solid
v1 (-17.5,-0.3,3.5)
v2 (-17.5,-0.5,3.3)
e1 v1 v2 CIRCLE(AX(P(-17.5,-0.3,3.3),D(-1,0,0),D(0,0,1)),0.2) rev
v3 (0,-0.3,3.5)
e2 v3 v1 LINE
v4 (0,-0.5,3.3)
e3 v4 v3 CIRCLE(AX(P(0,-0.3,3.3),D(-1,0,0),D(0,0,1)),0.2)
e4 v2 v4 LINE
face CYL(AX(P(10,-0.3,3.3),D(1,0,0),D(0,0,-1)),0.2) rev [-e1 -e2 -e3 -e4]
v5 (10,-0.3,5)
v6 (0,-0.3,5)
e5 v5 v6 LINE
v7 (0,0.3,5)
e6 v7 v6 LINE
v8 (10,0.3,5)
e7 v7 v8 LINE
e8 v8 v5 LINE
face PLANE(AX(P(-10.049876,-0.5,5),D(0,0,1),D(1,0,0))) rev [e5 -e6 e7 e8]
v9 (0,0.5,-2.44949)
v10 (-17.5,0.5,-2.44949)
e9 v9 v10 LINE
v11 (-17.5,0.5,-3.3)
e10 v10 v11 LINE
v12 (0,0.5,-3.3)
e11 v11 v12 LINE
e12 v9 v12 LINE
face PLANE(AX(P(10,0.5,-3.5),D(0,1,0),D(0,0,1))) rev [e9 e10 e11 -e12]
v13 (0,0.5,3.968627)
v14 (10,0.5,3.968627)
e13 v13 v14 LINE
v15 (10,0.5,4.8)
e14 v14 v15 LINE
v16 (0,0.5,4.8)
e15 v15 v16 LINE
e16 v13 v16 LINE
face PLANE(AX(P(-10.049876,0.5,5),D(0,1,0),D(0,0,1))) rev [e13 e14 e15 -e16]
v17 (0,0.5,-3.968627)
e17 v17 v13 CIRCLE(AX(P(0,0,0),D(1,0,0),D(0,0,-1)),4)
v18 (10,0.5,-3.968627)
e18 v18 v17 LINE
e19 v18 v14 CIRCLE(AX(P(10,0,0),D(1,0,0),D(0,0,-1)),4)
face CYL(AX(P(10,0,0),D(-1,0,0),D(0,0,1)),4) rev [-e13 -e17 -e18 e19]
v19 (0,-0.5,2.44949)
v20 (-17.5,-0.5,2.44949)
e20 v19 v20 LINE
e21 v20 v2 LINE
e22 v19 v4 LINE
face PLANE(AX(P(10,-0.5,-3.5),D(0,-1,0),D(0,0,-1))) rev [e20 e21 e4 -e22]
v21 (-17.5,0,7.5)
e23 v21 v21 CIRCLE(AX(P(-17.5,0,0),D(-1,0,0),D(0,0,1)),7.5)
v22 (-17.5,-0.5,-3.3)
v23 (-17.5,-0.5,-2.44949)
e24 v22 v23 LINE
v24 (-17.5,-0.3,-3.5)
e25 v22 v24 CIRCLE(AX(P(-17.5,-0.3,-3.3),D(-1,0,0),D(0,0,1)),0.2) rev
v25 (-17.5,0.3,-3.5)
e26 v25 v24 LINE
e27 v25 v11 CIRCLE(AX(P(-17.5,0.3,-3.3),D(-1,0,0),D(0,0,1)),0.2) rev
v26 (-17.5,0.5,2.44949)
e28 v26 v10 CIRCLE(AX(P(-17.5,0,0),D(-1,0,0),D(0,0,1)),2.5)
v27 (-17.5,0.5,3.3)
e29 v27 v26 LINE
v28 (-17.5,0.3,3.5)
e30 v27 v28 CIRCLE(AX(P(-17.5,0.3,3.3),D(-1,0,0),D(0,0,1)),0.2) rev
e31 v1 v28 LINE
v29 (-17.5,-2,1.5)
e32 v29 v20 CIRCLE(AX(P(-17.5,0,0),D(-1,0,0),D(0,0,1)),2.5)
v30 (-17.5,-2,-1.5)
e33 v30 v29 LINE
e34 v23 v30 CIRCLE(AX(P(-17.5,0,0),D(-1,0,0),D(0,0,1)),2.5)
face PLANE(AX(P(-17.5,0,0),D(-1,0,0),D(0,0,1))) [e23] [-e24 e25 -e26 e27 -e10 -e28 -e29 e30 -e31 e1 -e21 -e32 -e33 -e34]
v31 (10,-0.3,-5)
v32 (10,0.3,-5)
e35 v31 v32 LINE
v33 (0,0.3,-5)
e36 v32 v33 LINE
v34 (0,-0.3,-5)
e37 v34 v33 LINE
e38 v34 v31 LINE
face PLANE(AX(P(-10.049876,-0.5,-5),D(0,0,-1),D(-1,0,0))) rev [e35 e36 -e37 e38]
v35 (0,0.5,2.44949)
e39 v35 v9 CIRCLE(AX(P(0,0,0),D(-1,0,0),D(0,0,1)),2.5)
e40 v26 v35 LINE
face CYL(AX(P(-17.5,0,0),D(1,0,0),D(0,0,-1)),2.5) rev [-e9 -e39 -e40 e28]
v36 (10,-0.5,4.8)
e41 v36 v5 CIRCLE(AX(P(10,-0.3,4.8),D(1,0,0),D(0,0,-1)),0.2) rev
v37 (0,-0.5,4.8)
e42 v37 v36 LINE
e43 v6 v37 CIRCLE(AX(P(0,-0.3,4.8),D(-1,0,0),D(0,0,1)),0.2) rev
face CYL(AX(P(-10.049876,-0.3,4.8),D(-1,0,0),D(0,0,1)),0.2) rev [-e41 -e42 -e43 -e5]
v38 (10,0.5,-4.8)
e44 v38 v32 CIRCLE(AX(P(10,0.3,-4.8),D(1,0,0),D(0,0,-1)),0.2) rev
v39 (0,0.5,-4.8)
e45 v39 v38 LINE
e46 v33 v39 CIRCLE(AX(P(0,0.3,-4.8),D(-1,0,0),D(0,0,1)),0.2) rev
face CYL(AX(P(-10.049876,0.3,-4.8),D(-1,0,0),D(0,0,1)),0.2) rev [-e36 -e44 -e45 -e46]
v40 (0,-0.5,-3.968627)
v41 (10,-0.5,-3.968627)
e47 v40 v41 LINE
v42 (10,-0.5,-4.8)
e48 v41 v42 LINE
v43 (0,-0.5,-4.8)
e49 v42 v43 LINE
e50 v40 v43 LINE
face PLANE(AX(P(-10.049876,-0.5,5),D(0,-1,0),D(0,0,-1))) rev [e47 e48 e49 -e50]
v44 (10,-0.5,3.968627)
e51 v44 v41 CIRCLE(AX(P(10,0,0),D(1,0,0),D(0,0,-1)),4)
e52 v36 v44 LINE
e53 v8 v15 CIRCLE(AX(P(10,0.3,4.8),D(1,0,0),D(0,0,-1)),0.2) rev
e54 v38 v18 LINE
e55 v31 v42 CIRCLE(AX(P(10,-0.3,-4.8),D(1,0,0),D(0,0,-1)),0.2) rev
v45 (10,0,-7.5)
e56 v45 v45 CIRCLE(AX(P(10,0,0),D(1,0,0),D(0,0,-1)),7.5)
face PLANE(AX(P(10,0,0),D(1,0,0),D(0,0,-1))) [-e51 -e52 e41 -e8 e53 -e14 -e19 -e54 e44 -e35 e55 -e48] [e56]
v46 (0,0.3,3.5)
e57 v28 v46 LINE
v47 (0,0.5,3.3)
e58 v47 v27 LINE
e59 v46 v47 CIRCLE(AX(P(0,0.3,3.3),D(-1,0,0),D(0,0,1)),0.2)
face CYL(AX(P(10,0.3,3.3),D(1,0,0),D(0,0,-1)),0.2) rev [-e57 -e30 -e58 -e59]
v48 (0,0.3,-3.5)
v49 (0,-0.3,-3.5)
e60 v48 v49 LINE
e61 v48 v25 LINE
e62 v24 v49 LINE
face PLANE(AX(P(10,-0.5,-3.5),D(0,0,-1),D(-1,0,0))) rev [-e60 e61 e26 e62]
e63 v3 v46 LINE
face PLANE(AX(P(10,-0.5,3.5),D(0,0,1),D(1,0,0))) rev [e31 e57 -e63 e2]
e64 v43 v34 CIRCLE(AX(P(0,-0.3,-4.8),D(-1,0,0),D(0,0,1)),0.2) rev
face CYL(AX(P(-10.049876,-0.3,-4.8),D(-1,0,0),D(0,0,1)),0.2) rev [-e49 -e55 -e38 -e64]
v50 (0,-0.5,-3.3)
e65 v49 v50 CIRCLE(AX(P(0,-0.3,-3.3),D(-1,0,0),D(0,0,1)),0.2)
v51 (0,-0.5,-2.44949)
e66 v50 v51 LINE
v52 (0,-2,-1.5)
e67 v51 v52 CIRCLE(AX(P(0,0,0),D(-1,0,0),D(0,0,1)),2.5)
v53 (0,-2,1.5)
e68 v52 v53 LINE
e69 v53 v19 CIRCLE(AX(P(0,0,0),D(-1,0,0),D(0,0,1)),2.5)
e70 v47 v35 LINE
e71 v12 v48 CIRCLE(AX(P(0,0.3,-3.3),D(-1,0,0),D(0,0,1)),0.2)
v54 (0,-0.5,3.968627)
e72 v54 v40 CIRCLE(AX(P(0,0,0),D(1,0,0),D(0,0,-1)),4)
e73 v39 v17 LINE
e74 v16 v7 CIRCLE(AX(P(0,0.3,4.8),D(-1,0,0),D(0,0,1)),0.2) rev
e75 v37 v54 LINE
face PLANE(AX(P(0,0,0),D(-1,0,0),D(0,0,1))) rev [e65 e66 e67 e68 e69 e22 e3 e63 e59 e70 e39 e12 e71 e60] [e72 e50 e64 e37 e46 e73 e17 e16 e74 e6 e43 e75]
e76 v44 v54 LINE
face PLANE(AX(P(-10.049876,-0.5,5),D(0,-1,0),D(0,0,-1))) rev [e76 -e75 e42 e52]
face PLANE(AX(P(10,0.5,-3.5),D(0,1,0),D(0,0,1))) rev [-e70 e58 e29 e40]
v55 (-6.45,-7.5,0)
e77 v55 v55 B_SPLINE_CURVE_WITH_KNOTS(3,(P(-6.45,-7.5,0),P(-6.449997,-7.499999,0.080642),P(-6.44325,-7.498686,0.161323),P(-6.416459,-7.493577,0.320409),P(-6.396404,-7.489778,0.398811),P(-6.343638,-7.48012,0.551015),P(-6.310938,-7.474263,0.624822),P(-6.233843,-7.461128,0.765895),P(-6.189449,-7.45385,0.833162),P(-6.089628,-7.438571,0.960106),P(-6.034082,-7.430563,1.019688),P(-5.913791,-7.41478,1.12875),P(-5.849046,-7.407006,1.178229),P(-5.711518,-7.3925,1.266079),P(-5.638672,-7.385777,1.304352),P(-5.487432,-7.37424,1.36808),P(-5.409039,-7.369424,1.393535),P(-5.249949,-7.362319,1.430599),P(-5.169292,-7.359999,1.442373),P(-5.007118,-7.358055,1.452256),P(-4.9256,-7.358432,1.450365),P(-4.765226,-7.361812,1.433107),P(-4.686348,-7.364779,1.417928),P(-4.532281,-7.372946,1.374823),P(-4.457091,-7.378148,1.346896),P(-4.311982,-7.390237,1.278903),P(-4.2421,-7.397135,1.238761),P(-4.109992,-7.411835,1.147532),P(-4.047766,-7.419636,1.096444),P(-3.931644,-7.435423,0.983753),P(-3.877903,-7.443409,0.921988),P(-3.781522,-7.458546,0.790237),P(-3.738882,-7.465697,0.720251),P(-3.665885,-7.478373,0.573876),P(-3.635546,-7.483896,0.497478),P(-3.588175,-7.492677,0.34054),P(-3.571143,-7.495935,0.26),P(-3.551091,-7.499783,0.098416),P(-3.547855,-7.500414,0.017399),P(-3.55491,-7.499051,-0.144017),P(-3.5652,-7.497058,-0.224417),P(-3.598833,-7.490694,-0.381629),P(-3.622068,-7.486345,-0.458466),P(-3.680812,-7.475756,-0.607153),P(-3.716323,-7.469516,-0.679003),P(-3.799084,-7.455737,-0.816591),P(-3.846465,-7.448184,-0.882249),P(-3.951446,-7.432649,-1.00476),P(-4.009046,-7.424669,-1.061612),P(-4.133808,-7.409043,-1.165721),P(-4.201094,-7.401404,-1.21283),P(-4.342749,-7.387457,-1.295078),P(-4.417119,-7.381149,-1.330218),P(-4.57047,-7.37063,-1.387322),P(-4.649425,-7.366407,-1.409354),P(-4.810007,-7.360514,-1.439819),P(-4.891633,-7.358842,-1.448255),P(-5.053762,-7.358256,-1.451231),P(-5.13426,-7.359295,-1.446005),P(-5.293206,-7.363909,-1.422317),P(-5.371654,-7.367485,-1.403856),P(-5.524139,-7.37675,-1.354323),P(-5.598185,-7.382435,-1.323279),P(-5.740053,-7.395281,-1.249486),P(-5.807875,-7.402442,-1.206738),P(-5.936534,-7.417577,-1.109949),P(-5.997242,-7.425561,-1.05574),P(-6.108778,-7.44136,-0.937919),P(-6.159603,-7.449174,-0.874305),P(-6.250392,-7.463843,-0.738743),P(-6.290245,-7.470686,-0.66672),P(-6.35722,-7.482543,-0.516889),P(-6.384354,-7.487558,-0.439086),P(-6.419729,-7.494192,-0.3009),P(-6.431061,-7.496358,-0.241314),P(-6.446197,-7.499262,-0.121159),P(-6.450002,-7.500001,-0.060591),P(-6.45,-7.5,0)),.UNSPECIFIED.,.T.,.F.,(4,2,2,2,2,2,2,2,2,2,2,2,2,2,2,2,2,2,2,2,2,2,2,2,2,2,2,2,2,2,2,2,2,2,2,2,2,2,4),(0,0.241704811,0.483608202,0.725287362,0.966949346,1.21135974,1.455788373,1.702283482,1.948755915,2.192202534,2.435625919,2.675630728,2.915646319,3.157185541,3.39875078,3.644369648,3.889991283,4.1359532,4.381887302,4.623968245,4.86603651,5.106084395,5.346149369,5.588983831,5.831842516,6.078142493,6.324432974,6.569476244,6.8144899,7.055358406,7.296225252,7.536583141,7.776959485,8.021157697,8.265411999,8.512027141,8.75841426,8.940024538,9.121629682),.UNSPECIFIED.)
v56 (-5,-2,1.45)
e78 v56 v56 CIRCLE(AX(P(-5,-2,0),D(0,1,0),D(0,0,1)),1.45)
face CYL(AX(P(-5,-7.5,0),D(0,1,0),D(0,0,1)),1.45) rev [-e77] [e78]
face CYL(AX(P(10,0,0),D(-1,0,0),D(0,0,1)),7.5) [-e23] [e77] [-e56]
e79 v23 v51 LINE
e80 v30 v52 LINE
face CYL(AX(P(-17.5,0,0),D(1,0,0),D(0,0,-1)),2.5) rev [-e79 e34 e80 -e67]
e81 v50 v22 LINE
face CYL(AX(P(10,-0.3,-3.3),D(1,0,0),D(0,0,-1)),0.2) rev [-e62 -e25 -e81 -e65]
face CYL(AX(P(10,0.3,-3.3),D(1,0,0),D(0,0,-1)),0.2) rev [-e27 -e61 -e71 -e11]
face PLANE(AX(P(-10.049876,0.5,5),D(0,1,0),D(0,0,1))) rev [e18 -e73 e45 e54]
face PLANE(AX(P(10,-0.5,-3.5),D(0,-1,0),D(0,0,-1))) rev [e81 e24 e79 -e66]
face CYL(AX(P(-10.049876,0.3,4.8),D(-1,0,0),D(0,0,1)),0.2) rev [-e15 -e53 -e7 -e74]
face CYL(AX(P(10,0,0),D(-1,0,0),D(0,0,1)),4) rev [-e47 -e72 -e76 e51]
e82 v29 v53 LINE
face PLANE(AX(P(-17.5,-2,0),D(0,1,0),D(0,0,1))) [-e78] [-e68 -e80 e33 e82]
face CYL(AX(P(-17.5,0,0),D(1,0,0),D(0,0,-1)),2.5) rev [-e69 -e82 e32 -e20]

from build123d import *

# Parameters (mm, degrees)
SKETCH1_R            = 7.5
SKETCH1_R_2          = 4
SCREWSIDE_DEPTH      = 10
MOTORSIDE_START      = 17.5
SKETCH4_R            = 7.5
MOTORSIDE_DEPTH      = 17.5
SKETCH6_W            = 7
SKETCH6_H            = 1
ESCAPE_HOLES_DEPTH   = 30.474565306
SKETCH7_W            = 10
SKETCH7_H            = 1
ESCAPE_HOLES_2_DEPTH = 10
FILLET1_R            = 0.2
CUT_EXTRUDE3_DEPTH   = 22.277922831


with BuildPart() as part:
    # Sketch1 → ScrewSide (new body)
    with BuildSketch(Plane(origin=(0, 0, 0), x_dir=(0, 0, -1), z_dir=(1, 0, 0))):
        Circle(SKETCH1_R)
        Circle(SKETCH1_R_2, mode=Mode.SUBTRACT)
    extrude(amount=SCREWSIDE_DEPTH)

    # Sketch4 → MotorSide (add)
    with BuildSketch(Plane.ZY.offset(MOTORSIDE_START)):
        Circle(SKETCH4_R)
        with BuildLine():
            Line((-1.5, -2), (1.5, -2))
            ThreePointArc((1.5, -2), (0, 2.5), (-1.5, -2))
        make_face(mode=Mode.SUBTRACT)
    extrude(amount=-MOTORSIDE_DEPTH)

    # Sketch6 → Escape Holes (cut, through all)
    with BuildSketch(Plane.ZY.offset(17.5)):
        Rectangle(SKETCH6_W, SKETCH6_H)
    extrude(amount=-ESCAPE_HOLES_DEPTH, mode=Mode.SUBTRACT)

    # Sketch7 → Escape Holes 2 (cut)
    with BuildSketch(Plane(origin=(10, 0, 0), x_dir=(0, 0, -1), z_dir=(1, 0, 0))):
        Rectangle(SKETCH7_W, SKETCH7_H)
    extrude(amount=-ESCAPE_HOLES_2_DEPTH, mode=Mode.SUBTRACT)

    # Fillet1
    fillet1_edges = [part.edges().sort_by_distance(p)[0] for p in [
        (-8.75, 0.5, 3.5),
        (-8.75, -0.5, 3.5),
        (-8.75, -0.5, -3.5),
        (-8.75, 0.5, -3.5),
        (5, 0.5, 5),
        (5, -0.5, 5),
        (5, -0.5, -5),
        (5, 0.5, -5),
    ]]
    fillet(fillet1_edges, radius=FILLET1_R)

    # Sketch8 → Cut-Extrude3 (cut, through all)
    with BuildSketch(Plane(origin=(0, -2, 0), x_dir=(1, 0, 0), z_dir=(0, 1, 0))):
        with BuildLine():
            ThreePointArc((-6.45, 0), (-5, -1.45), (-3.55, 0))
            Line((-3.55, 0), (-6.45, 0))
        make_face()
        with BuildLine():
            Line((-6.45, 0), (-3.55, 0))
            ThreePointArc((-3.55, 0), (-5, 1.45), (-6.45, 0))
        make_face()
    extrude(amount=-CUT_EXTRUDE3_DEPTH, mode=Mode.SUBTRACT)


solid = part.part
